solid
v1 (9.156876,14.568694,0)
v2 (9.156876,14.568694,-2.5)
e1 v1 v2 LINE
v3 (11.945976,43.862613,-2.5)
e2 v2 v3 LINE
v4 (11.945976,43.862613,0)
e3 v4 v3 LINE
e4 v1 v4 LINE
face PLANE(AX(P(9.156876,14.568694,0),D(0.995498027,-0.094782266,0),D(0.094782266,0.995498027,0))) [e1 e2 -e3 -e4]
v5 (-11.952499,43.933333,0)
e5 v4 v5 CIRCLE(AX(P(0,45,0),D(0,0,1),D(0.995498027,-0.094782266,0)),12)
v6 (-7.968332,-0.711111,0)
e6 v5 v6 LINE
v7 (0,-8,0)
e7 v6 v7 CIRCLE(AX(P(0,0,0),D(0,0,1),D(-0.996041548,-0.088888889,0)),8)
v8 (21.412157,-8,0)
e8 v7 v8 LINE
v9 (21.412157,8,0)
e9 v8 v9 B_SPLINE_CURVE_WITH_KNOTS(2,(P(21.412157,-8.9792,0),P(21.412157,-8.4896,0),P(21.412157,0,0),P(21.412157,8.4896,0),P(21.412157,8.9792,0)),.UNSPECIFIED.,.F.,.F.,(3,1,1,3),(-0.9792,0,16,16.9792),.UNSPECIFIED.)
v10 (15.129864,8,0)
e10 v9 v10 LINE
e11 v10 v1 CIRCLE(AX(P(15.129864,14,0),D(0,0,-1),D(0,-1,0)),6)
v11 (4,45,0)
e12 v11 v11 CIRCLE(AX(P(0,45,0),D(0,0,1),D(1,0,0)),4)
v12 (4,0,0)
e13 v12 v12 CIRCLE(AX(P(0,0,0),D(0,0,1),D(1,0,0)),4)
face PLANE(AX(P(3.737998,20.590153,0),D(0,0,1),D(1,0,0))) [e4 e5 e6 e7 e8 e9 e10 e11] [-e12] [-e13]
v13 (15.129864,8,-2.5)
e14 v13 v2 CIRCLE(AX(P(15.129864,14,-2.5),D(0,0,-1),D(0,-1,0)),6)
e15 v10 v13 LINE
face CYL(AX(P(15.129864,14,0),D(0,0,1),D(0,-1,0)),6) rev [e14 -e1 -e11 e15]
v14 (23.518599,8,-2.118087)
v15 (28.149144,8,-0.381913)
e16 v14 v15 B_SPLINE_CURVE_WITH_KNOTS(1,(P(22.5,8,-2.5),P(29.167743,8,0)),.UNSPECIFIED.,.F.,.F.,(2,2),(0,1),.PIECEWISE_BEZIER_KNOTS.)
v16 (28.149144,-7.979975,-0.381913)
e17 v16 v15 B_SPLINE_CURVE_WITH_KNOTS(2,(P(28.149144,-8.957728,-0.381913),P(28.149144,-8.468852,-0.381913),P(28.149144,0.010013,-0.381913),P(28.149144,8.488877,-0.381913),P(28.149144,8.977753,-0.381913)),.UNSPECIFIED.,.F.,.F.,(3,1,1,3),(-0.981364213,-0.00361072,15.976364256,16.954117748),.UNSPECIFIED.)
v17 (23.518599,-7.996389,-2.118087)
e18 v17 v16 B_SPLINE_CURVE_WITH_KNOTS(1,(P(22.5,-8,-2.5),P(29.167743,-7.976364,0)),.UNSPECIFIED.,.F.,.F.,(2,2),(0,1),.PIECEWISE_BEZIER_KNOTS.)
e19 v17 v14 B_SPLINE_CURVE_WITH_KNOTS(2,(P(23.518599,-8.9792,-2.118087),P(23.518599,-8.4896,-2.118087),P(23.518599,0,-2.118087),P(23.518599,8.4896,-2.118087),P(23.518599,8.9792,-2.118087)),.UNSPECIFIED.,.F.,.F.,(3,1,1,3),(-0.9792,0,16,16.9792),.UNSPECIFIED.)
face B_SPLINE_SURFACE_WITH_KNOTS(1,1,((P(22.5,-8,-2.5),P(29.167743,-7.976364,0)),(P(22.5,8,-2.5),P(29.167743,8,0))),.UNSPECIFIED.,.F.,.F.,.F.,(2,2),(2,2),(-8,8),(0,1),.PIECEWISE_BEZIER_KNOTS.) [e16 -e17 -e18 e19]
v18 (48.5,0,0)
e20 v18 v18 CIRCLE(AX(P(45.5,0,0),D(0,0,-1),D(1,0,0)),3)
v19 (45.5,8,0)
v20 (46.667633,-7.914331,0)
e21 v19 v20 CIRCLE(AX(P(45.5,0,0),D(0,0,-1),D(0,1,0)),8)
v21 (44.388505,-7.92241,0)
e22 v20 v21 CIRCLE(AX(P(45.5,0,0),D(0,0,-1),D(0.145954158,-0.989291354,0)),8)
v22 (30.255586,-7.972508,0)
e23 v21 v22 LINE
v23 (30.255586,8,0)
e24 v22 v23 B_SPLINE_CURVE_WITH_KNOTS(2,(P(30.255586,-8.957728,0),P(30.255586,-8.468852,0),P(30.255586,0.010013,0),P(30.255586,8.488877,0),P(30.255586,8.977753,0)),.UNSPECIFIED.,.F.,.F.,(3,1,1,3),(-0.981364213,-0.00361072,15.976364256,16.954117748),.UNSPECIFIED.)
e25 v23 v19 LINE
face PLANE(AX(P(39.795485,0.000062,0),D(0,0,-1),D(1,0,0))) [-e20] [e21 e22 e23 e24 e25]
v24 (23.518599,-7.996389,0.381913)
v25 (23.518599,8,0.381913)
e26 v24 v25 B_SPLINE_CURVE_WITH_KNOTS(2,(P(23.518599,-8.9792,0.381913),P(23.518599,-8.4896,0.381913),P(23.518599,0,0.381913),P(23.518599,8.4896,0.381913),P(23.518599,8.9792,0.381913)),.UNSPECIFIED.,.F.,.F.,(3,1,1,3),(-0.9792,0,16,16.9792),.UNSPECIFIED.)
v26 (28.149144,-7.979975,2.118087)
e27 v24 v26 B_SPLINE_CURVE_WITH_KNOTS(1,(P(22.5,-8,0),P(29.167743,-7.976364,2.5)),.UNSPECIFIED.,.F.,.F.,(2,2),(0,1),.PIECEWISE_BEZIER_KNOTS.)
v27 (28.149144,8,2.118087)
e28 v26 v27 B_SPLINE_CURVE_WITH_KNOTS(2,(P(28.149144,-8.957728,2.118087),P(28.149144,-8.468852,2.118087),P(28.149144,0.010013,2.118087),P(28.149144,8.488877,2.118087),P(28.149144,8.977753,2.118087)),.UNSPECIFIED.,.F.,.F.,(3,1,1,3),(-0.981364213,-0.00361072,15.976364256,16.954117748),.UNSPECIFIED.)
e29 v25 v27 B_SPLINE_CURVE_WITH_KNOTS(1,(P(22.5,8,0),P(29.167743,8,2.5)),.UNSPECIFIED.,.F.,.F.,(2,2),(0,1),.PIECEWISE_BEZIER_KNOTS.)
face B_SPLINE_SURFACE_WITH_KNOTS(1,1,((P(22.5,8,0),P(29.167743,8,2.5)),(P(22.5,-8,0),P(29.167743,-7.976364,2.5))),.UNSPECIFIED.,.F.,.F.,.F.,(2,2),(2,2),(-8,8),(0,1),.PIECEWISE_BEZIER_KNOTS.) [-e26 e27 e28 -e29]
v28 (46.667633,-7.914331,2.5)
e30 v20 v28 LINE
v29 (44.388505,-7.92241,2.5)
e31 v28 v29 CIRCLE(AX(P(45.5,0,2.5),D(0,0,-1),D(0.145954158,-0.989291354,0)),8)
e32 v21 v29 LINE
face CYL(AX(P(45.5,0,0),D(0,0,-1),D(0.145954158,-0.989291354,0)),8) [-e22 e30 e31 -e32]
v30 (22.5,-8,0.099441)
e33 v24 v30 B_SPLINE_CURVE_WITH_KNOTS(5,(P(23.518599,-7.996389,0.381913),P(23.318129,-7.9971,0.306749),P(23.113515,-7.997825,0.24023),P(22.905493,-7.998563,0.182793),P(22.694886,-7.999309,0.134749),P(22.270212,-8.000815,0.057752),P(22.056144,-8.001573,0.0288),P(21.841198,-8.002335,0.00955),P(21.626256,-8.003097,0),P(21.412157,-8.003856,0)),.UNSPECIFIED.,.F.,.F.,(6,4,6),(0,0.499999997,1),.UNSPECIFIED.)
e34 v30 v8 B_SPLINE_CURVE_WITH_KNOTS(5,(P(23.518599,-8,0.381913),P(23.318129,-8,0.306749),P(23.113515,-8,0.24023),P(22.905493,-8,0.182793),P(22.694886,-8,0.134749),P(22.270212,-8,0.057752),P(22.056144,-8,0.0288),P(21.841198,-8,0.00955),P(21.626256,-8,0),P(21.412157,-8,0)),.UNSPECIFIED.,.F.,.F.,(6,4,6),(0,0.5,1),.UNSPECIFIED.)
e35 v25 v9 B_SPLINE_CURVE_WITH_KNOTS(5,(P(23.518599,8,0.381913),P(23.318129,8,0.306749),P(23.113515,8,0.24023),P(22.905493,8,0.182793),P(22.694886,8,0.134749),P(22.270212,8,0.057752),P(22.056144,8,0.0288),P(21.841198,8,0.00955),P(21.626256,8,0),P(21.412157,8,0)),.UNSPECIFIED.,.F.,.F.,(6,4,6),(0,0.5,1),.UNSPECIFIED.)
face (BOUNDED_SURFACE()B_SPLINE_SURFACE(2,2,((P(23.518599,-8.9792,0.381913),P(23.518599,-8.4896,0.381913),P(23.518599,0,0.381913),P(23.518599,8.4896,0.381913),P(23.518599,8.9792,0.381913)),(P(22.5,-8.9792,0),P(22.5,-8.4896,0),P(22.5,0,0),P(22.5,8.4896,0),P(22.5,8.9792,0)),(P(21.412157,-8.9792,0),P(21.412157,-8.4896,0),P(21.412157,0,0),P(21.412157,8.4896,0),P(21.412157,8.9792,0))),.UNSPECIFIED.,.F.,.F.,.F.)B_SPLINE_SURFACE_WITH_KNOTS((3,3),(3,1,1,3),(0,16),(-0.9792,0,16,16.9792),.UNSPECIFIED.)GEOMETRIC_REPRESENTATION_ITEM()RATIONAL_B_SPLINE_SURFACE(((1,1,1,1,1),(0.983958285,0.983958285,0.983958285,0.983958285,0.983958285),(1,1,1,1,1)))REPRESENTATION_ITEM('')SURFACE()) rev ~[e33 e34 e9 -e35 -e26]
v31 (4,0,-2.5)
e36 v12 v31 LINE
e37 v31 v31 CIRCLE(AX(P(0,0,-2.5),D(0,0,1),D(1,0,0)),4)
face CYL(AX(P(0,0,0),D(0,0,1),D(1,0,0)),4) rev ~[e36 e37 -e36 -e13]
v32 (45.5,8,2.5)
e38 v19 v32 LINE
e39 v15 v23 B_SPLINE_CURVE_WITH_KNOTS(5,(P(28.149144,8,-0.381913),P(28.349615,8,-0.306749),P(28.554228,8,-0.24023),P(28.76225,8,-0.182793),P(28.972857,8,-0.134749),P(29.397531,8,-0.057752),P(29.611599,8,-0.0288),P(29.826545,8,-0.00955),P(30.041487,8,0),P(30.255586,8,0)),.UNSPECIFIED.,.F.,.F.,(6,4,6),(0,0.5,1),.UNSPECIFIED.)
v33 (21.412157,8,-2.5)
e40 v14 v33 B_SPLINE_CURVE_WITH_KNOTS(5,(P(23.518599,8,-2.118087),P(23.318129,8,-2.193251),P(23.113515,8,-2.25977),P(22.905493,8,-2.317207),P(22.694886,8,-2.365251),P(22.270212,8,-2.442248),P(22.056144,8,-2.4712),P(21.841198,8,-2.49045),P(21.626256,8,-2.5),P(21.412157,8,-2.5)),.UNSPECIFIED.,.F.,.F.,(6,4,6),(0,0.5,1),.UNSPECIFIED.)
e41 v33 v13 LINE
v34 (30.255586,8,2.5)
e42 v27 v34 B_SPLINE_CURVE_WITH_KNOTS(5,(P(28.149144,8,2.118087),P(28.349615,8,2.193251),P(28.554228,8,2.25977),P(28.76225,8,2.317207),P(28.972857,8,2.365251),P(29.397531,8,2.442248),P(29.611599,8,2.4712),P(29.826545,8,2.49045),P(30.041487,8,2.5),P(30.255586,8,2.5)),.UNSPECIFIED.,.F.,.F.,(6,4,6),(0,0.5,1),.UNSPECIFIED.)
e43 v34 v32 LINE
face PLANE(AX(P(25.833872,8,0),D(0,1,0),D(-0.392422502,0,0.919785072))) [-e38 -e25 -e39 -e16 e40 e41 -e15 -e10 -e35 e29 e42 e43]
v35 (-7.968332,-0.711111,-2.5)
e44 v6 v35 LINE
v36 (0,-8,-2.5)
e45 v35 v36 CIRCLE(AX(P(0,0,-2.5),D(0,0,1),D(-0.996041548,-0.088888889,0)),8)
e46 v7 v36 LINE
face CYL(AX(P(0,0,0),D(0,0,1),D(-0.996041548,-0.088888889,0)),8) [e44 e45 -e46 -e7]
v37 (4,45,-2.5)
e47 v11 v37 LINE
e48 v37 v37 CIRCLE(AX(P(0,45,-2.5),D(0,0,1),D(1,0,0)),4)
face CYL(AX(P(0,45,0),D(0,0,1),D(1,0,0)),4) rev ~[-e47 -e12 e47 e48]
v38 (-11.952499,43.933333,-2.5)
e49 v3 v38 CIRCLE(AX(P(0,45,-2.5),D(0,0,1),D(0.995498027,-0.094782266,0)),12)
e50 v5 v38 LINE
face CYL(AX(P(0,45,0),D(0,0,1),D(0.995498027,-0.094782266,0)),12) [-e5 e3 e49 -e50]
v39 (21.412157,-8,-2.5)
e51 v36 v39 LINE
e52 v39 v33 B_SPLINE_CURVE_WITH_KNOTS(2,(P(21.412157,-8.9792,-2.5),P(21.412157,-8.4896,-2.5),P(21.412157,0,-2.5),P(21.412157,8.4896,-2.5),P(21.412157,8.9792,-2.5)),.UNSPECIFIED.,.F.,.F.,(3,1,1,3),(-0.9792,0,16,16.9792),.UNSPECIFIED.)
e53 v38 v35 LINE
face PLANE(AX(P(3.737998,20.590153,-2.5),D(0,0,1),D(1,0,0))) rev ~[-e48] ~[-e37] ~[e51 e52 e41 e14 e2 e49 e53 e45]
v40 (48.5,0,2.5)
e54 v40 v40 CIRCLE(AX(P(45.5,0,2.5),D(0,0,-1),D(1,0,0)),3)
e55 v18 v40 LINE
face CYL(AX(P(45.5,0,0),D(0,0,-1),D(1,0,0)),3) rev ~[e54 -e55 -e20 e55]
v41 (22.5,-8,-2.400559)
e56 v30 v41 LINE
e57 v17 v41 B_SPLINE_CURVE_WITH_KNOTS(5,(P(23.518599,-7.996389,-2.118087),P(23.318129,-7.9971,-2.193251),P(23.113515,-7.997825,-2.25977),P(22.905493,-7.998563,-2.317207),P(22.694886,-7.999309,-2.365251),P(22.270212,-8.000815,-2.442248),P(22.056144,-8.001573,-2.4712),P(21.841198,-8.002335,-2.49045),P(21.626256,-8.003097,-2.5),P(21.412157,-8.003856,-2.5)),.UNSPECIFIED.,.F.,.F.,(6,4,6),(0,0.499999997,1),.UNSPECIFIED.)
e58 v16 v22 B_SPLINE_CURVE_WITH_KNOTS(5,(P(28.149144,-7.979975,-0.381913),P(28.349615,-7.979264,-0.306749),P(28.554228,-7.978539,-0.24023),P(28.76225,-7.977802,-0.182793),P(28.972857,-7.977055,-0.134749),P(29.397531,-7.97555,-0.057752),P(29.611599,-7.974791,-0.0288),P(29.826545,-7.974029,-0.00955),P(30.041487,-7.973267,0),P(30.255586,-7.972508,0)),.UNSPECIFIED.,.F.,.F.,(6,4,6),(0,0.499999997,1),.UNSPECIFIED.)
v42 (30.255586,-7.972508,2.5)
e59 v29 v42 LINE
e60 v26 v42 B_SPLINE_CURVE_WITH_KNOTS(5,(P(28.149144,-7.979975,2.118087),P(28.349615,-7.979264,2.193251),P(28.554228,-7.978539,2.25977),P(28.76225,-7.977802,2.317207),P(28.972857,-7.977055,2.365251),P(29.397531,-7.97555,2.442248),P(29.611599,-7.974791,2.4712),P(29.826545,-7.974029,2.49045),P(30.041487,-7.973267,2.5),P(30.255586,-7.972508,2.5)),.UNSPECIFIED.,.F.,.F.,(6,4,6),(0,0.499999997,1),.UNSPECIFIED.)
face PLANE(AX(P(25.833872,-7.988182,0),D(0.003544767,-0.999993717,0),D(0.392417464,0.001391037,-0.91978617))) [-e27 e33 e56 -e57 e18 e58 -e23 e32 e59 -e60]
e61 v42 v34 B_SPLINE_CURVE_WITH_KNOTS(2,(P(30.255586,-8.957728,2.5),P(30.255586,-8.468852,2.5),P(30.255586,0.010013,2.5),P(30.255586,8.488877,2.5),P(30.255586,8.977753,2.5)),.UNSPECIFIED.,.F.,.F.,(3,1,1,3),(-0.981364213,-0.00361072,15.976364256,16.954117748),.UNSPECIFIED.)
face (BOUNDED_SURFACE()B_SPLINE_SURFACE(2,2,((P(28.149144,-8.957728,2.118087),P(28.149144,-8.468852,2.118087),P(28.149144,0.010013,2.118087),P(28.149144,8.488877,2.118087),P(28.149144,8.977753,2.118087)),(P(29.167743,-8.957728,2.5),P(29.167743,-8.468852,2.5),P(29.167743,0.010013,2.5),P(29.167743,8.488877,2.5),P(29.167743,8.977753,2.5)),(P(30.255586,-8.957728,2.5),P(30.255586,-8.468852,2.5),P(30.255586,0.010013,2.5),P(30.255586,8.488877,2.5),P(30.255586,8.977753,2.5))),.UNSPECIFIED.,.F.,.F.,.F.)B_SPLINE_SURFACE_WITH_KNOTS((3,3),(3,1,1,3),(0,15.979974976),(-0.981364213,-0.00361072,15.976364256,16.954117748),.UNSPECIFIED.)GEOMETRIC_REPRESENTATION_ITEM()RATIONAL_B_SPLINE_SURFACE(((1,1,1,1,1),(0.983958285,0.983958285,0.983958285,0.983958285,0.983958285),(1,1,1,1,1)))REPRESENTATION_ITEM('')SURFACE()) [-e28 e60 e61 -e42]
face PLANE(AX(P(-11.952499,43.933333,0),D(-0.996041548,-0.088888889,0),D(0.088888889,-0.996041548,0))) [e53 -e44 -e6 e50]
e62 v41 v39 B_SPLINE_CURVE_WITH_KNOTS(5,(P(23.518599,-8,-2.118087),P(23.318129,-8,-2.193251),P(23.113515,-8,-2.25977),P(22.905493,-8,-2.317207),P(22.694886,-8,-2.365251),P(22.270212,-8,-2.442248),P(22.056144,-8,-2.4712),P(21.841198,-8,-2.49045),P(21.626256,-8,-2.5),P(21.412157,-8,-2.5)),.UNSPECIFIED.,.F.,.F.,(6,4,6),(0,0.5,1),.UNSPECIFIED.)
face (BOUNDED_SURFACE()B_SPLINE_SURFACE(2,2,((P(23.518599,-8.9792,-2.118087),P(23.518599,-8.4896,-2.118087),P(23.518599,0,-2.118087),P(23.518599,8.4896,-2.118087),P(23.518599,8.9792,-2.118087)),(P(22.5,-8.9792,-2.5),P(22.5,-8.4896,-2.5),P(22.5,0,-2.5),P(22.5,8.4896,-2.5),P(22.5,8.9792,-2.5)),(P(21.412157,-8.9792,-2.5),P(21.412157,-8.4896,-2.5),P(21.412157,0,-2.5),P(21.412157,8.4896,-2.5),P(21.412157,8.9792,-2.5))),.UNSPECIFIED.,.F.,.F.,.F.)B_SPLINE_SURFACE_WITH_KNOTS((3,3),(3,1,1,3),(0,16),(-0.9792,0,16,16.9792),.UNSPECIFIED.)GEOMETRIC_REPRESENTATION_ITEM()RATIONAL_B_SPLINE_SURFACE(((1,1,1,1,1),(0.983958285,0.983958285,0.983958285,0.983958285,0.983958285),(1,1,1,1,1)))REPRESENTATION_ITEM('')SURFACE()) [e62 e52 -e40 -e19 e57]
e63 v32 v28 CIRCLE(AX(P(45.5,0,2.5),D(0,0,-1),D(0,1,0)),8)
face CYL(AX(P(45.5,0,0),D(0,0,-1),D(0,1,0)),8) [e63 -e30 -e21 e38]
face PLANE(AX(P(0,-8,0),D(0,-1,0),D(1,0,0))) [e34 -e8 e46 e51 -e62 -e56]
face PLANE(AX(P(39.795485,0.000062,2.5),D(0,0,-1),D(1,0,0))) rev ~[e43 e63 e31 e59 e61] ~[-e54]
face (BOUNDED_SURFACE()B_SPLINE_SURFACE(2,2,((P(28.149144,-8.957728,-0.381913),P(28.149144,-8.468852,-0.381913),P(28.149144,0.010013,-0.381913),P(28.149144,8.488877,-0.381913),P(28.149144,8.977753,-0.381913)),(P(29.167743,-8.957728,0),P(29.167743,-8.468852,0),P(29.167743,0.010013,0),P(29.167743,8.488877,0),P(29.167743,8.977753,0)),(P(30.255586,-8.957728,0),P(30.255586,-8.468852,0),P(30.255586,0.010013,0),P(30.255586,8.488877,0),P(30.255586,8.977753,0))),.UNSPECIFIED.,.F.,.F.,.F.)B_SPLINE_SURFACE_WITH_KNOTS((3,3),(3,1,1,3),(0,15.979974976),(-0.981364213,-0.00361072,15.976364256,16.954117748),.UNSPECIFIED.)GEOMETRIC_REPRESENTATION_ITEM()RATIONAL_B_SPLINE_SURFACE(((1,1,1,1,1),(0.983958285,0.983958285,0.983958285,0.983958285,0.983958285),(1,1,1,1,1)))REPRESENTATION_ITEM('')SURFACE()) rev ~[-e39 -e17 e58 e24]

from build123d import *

# Parameters (mm, degrees)
F0_R      = 4
F1_DEPTH  = 2.5
F3_R      = 3
F4_DEPTH  = 2.5
F1_FACE_W = 16
F1_FACE_H = 2.5
F4_FACE_W = 15.976364256
F4_FACE_H = 2.5
F7_R      = 6
F8_R      = 6


with BuildPart() as f1:
    # F0 (on Top) → F1 (new body)
    with BuildSketch(Plane.XY):
        with BuildLine():
            Line((9.1568758371, 14.5686935942), (11.9459763261, 43.8626128117))
            ThreePointArc((11.9459763261, 43.8626128117), (0.0355103222, 56.9999474589), (-11.9524985765, 43.9333333333))
            Line((-11.9524985765, 43.9333333333), (-7.9683323844, -0.7111111111))
            ThreePointArc((-7.9683323844, -0.7111111111), (-5.3995884617, -5.902918299), (0, -8))
            Line((0, -8), (22.5, -8))
            Line((22.5, -8), (22.5, 8))
            Line((22.5, 8), (15.1298640001, 8))
            ThreePointArc((15.1298640001, 8), (10.6907108396, 9.9634272932), (9.1568758371, 14.5686935942))
        make_face()
        Circle(F0_R, mode=Mode.SUBTRACT)
        with Locations((0, 45)):
            Circle(F0_R, mode=Mode.SUBTRACT)
    extrude(amount=-F1_DEPTH)


with BuildPart() as f4:
    # F3 (on offset) → F4 (new body)
    with BuildSketch(Plane(origin=(0, 0, 0), x_dir=(1, 0, 0), z_dir=(0, 0, -1))):
        with BuildLine():
            Line((29.1677432093, -8), (45.5, -8))
            ThreePointArc((45.5, -8), (53.478553963, -0.5853859069), (46.6676332619, 7.914330835))
            Line((46.6676332619, 7.914330835), (44.3885046452, 7.9224098655))
            Line((44.3885046452, 7.9224098655), (29.1677432093, 7.976364256))
            Line((29.1677432093, 7.976364256), (29.1677432093, -8))
        make_face()
        with Locations((45.5, 0)):
            Circle(F3_R, mode=Mode.SUBTRACT)
        with BuildLine():
            Line((44.3885046452, 7.9224098655), (46.6676332619, 7.914330835))
            ThreePointArc((46.6676332619, 7.914330835), (45.5283581353, 7.9999497384), (44.3885046452, 7.9224098655))
        make_face()
    extrude(amount=-F4_DEPTH)


with BuildPart() as f5:
    # F1_face (on face) → F5 section 0
    with BuildSketch(Plane(origin=(22.5, 0, -1.25), x_dir=(0, 1, 0), z_dir=(1, 0, 0))):
        Rectangle(F1_FACE_W, F1_FACE_H)
    # F4_face (on face) → F5 section 1
    with BuildSketch(Plane(origin=(29.1677432093, 0.011817872, 1.25), x_dir=(0, -1, 0), z_dir=(-1, 0, 0))):
        Rectangle(F4_FACE_W, F4_FACE_H)
    loft()


with BuildPart() as f1_1:
    add(f1.part)

    # F6: union F4, F5
    add(f4.part)
    add(f5.part)

    # F7
    f7_edges = [f1_1.edges().sort_by_distance(p)[0] for p in [
        (22.5, 0, 0),
        (29.167743, 0.011818, 2.5),
    ]]
    fillet(f7_edges, radius=F7_R)

    # F8
    f8_edges = [f1_1.edges().sort_by_distance(p)[0] for p in [
        (29.167743, 0.011818, 0),
        (22.5, 0, -2.5),
    ]]
    fillet(f8_edges, radius=F8_R)


solid = f1_1.part
